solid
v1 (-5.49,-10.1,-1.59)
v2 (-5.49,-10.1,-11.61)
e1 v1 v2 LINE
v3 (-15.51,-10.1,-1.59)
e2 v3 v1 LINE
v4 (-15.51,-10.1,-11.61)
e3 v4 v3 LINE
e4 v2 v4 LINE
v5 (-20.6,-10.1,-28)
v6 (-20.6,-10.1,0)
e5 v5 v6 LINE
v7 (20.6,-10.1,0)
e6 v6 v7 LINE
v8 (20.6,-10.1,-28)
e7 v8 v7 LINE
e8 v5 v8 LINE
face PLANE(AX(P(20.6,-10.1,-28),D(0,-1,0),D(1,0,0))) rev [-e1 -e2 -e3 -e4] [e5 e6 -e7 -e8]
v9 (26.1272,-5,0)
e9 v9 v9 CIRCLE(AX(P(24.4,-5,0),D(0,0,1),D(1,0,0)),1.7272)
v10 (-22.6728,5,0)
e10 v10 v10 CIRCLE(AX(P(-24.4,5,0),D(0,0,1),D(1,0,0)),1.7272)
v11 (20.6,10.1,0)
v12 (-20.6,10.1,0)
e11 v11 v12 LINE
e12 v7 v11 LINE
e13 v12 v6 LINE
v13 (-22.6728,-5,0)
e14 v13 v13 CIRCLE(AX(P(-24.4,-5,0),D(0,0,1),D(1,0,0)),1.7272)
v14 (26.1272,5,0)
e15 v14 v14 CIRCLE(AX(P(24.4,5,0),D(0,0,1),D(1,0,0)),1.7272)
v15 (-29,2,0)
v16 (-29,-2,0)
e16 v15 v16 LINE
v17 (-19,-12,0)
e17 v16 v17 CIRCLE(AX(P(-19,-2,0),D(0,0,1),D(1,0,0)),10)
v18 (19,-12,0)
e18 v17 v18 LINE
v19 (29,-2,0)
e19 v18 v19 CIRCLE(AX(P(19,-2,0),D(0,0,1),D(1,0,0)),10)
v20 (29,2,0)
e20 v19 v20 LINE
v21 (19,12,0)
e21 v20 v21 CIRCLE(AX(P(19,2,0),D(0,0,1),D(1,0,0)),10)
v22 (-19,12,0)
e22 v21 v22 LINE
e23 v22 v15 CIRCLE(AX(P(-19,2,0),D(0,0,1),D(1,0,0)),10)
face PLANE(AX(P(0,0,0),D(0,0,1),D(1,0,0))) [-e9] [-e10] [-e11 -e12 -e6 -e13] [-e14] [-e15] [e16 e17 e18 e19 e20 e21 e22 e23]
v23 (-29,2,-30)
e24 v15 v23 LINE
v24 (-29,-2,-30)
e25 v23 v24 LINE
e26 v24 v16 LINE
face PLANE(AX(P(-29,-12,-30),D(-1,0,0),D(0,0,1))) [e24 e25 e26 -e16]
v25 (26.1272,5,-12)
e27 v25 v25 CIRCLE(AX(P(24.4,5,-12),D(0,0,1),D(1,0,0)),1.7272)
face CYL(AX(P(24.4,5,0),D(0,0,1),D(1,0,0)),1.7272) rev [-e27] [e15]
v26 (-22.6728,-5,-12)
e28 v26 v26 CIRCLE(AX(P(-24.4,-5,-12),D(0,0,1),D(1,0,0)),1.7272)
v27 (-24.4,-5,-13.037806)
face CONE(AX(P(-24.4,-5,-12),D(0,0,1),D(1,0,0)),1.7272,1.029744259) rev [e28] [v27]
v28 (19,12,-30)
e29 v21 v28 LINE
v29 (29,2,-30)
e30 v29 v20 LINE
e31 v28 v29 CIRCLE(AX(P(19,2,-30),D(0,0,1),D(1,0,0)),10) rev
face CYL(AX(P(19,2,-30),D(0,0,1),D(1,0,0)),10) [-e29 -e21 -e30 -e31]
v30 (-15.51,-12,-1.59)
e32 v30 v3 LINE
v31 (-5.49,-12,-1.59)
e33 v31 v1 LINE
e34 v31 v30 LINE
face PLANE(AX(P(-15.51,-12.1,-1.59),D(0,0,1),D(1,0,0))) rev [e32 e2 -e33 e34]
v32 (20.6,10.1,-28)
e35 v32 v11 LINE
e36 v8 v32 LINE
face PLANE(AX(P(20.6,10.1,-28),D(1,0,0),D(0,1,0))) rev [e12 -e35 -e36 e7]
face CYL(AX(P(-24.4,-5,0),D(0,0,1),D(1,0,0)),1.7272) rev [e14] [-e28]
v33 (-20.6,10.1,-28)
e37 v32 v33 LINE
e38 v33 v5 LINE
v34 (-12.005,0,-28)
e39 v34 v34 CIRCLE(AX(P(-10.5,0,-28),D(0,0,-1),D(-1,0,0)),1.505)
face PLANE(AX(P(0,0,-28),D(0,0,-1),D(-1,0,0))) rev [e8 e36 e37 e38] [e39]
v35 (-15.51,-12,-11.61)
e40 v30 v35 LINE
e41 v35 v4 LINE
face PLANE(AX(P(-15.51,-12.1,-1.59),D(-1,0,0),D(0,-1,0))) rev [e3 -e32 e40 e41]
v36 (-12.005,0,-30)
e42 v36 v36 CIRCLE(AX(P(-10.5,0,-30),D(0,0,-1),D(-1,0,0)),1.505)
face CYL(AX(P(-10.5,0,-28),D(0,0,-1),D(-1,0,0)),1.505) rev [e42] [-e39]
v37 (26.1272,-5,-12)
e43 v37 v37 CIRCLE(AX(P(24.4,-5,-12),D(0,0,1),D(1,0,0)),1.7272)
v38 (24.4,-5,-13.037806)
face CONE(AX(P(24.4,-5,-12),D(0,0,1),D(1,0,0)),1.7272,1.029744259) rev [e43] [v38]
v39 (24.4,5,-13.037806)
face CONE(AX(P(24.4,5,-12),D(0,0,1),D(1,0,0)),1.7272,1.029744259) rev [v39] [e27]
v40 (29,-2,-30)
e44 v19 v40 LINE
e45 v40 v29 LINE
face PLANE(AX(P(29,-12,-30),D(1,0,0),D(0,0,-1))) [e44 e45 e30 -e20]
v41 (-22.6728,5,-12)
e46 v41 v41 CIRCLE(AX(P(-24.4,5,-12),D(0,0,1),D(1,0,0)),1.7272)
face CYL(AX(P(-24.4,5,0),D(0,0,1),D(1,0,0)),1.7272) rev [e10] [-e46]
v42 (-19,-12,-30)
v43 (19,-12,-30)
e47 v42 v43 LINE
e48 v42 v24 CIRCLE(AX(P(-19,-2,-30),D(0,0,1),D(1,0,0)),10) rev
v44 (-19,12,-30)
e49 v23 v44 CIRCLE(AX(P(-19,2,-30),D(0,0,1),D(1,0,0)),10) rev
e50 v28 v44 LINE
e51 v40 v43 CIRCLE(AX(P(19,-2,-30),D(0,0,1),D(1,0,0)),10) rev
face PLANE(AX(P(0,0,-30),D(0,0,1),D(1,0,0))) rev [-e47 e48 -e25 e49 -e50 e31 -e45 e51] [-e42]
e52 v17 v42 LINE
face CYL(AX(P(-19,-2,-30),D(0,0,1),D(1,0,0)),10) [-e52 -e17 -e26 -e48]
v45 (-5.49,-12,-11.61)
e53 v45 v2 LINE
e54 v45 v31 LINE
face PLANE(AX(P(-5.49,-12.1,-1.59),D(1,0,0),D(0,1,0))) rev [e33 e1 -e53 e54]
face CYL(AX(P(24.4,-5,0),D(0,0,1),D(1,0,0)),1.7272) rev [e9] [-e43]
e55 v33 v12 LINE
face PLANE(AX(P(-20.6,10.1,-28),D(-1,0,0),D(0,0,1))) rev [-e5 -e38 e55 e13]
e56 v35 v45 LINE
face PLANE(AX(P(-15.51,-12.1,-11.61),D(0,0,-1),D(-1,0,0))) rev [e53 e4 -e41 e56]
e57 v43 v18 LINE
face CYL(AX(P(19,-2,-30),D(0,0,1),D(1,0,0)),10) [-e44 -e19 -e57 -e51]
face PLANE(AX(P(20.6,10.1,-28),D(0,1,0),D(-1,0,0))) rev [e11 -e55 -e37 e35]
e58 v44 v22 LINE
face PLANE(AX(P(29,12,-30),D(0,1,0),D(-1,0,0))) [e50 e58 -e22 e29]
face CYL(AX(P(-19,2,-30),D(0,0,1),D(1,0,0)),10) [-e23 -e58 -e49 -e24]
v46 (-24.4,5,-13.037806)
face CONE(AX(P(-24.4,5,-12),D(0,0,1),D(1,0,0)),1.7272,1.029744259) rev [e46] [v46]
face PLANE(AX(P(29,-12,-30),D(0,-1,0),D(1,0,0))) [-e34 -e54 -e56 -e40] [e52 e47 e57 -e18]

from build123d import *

# Parameters (mm, degrees)
SKETCH1_W                 = 58
SKETCH1_H                 = 24
BOSS_EXTRUDE1_DEPTH       = 30
F_8_32_TAPPED_HOLE2_D     = 3.4544
F_8_32_TAPPED_HOLE2_DEPTH = 12
F_8_32_TAPPED_HOLE2_TIP   = 1.037806461
SKETCH18_W                = 41.2
SKETCH18_H                = 20.2
CUT_EXTRUDE6_DEPTH        = 28
SKETCH22_R                = 1.505
CUT_EXTRUDE9_DEPTH        = 2
SKETCH24_W                = 10.02
SKETCH24_H                = 10.02
CUT_EXTRUDE11_DEPTH       = 2
FILLET1_R                 = 10
FILLET2_R                 = 10
FILLET3_R                 = 10
FILLET4_R                 = 10


with BuildPart() as part:
    # Sketch1 → Boss-Extrude1 (new body)
    with BuildSketch(Plane.XY):
        Rectangle(SKETCH1_W, SKETCH1_H)
    extrude(amount=-BOSS_EXTRUDE1_DEPTH)

    # #8-32 Tapped Hole2
    with Locations(Plane(origin=(24.4, -5, 0), x_dir=(1, 0, 0), z_dir=(0, 0, 1))):
        with Locations((0, 0), (0, 10), (-48.8, 0), (-48.8, 10)):
            Hole(F_8_32_TAPPED_HOLE2_D / 2, depth=F_8_32_TAPPED_HOLE2_DEPTH)
            with Locations((0, 0, -(F_8_32_TAPPED_HOLE2_DEPTH + F_8_32_TAPPED_HOLE2_TIP / 2))):  # 118° drill point
                Cone(0, F_8_32_TAPPED_HOLE2_D / 2, F_8_32_TAPPED_HOLE2_TIP, mode=Mode.SUBTRACT)

    # Sketch18 → Cut-Extrude6 (cut)
    with BuildSketch(Plane.XY):
        Rectangle(SKETCH18_W, SKETCH18_H)
    extrude(amount=-CUT_EXTRUDE6_DEPTH, mode=Mode.SUBTRACT)

    # Sketch22 → Cut-Extrude9 (cut)
    with BuildSketch(Plane(origin=(0, 0, -30), x_dir=(-1, 0, 0), z_dir=(0, 0, -1))):
        with Locations((10.5, 0)):
            Circle(SKETCH22_R)
    extrude(amount=-CUT_EXTRUDE9_DEPTH, mode=Mode.SUBTRACT)

    # Sketch24 → Cut-Extrude11 (cut)
    with BuildSketch(Plane(origin=(0, -10.1, 0), x_dir=(1, 0, 0), z_dir=(0, 1, 0))):
        with Locations((-10.5, 6.6)):
            Rectangle(SKETCH24_W, SKETCH24_H)
    extrude(amount=-CUT_EXTRUDE11_DEPTH, mode=Mode.SUBTRACT)

    # Fillet1
    fillet1_edges = [part.edges().sort_by_distance(p)[0] for p in [
        (-29, 12, -15),
    ]]
    fillet(fillet1_edges, radius=FILLET1_R)

    # Fillet2
    fillet2_edges = [part.edges().sort_by_distance(p)[0] for p in [
        (29, 12, -15),
    ]]
    fillet(fillet2_edges, radius=FILLET2_R)

    # Fillet3
    fillet3_edges = [part.edges().sort_by_distance(p)[0] for p in [
        (29, -12, -15),
    ]]
    fillet(fillet3_edges, radius=FILLET3_R)

    # Fillet4
    fillet4_edges = [part.edges().sort_by_distance(p)[0] for p in [
        (-29, -12, -15),
    ]]
    fillet(fillet4_edges, radius=FILLET4_R)


solid = part.part
